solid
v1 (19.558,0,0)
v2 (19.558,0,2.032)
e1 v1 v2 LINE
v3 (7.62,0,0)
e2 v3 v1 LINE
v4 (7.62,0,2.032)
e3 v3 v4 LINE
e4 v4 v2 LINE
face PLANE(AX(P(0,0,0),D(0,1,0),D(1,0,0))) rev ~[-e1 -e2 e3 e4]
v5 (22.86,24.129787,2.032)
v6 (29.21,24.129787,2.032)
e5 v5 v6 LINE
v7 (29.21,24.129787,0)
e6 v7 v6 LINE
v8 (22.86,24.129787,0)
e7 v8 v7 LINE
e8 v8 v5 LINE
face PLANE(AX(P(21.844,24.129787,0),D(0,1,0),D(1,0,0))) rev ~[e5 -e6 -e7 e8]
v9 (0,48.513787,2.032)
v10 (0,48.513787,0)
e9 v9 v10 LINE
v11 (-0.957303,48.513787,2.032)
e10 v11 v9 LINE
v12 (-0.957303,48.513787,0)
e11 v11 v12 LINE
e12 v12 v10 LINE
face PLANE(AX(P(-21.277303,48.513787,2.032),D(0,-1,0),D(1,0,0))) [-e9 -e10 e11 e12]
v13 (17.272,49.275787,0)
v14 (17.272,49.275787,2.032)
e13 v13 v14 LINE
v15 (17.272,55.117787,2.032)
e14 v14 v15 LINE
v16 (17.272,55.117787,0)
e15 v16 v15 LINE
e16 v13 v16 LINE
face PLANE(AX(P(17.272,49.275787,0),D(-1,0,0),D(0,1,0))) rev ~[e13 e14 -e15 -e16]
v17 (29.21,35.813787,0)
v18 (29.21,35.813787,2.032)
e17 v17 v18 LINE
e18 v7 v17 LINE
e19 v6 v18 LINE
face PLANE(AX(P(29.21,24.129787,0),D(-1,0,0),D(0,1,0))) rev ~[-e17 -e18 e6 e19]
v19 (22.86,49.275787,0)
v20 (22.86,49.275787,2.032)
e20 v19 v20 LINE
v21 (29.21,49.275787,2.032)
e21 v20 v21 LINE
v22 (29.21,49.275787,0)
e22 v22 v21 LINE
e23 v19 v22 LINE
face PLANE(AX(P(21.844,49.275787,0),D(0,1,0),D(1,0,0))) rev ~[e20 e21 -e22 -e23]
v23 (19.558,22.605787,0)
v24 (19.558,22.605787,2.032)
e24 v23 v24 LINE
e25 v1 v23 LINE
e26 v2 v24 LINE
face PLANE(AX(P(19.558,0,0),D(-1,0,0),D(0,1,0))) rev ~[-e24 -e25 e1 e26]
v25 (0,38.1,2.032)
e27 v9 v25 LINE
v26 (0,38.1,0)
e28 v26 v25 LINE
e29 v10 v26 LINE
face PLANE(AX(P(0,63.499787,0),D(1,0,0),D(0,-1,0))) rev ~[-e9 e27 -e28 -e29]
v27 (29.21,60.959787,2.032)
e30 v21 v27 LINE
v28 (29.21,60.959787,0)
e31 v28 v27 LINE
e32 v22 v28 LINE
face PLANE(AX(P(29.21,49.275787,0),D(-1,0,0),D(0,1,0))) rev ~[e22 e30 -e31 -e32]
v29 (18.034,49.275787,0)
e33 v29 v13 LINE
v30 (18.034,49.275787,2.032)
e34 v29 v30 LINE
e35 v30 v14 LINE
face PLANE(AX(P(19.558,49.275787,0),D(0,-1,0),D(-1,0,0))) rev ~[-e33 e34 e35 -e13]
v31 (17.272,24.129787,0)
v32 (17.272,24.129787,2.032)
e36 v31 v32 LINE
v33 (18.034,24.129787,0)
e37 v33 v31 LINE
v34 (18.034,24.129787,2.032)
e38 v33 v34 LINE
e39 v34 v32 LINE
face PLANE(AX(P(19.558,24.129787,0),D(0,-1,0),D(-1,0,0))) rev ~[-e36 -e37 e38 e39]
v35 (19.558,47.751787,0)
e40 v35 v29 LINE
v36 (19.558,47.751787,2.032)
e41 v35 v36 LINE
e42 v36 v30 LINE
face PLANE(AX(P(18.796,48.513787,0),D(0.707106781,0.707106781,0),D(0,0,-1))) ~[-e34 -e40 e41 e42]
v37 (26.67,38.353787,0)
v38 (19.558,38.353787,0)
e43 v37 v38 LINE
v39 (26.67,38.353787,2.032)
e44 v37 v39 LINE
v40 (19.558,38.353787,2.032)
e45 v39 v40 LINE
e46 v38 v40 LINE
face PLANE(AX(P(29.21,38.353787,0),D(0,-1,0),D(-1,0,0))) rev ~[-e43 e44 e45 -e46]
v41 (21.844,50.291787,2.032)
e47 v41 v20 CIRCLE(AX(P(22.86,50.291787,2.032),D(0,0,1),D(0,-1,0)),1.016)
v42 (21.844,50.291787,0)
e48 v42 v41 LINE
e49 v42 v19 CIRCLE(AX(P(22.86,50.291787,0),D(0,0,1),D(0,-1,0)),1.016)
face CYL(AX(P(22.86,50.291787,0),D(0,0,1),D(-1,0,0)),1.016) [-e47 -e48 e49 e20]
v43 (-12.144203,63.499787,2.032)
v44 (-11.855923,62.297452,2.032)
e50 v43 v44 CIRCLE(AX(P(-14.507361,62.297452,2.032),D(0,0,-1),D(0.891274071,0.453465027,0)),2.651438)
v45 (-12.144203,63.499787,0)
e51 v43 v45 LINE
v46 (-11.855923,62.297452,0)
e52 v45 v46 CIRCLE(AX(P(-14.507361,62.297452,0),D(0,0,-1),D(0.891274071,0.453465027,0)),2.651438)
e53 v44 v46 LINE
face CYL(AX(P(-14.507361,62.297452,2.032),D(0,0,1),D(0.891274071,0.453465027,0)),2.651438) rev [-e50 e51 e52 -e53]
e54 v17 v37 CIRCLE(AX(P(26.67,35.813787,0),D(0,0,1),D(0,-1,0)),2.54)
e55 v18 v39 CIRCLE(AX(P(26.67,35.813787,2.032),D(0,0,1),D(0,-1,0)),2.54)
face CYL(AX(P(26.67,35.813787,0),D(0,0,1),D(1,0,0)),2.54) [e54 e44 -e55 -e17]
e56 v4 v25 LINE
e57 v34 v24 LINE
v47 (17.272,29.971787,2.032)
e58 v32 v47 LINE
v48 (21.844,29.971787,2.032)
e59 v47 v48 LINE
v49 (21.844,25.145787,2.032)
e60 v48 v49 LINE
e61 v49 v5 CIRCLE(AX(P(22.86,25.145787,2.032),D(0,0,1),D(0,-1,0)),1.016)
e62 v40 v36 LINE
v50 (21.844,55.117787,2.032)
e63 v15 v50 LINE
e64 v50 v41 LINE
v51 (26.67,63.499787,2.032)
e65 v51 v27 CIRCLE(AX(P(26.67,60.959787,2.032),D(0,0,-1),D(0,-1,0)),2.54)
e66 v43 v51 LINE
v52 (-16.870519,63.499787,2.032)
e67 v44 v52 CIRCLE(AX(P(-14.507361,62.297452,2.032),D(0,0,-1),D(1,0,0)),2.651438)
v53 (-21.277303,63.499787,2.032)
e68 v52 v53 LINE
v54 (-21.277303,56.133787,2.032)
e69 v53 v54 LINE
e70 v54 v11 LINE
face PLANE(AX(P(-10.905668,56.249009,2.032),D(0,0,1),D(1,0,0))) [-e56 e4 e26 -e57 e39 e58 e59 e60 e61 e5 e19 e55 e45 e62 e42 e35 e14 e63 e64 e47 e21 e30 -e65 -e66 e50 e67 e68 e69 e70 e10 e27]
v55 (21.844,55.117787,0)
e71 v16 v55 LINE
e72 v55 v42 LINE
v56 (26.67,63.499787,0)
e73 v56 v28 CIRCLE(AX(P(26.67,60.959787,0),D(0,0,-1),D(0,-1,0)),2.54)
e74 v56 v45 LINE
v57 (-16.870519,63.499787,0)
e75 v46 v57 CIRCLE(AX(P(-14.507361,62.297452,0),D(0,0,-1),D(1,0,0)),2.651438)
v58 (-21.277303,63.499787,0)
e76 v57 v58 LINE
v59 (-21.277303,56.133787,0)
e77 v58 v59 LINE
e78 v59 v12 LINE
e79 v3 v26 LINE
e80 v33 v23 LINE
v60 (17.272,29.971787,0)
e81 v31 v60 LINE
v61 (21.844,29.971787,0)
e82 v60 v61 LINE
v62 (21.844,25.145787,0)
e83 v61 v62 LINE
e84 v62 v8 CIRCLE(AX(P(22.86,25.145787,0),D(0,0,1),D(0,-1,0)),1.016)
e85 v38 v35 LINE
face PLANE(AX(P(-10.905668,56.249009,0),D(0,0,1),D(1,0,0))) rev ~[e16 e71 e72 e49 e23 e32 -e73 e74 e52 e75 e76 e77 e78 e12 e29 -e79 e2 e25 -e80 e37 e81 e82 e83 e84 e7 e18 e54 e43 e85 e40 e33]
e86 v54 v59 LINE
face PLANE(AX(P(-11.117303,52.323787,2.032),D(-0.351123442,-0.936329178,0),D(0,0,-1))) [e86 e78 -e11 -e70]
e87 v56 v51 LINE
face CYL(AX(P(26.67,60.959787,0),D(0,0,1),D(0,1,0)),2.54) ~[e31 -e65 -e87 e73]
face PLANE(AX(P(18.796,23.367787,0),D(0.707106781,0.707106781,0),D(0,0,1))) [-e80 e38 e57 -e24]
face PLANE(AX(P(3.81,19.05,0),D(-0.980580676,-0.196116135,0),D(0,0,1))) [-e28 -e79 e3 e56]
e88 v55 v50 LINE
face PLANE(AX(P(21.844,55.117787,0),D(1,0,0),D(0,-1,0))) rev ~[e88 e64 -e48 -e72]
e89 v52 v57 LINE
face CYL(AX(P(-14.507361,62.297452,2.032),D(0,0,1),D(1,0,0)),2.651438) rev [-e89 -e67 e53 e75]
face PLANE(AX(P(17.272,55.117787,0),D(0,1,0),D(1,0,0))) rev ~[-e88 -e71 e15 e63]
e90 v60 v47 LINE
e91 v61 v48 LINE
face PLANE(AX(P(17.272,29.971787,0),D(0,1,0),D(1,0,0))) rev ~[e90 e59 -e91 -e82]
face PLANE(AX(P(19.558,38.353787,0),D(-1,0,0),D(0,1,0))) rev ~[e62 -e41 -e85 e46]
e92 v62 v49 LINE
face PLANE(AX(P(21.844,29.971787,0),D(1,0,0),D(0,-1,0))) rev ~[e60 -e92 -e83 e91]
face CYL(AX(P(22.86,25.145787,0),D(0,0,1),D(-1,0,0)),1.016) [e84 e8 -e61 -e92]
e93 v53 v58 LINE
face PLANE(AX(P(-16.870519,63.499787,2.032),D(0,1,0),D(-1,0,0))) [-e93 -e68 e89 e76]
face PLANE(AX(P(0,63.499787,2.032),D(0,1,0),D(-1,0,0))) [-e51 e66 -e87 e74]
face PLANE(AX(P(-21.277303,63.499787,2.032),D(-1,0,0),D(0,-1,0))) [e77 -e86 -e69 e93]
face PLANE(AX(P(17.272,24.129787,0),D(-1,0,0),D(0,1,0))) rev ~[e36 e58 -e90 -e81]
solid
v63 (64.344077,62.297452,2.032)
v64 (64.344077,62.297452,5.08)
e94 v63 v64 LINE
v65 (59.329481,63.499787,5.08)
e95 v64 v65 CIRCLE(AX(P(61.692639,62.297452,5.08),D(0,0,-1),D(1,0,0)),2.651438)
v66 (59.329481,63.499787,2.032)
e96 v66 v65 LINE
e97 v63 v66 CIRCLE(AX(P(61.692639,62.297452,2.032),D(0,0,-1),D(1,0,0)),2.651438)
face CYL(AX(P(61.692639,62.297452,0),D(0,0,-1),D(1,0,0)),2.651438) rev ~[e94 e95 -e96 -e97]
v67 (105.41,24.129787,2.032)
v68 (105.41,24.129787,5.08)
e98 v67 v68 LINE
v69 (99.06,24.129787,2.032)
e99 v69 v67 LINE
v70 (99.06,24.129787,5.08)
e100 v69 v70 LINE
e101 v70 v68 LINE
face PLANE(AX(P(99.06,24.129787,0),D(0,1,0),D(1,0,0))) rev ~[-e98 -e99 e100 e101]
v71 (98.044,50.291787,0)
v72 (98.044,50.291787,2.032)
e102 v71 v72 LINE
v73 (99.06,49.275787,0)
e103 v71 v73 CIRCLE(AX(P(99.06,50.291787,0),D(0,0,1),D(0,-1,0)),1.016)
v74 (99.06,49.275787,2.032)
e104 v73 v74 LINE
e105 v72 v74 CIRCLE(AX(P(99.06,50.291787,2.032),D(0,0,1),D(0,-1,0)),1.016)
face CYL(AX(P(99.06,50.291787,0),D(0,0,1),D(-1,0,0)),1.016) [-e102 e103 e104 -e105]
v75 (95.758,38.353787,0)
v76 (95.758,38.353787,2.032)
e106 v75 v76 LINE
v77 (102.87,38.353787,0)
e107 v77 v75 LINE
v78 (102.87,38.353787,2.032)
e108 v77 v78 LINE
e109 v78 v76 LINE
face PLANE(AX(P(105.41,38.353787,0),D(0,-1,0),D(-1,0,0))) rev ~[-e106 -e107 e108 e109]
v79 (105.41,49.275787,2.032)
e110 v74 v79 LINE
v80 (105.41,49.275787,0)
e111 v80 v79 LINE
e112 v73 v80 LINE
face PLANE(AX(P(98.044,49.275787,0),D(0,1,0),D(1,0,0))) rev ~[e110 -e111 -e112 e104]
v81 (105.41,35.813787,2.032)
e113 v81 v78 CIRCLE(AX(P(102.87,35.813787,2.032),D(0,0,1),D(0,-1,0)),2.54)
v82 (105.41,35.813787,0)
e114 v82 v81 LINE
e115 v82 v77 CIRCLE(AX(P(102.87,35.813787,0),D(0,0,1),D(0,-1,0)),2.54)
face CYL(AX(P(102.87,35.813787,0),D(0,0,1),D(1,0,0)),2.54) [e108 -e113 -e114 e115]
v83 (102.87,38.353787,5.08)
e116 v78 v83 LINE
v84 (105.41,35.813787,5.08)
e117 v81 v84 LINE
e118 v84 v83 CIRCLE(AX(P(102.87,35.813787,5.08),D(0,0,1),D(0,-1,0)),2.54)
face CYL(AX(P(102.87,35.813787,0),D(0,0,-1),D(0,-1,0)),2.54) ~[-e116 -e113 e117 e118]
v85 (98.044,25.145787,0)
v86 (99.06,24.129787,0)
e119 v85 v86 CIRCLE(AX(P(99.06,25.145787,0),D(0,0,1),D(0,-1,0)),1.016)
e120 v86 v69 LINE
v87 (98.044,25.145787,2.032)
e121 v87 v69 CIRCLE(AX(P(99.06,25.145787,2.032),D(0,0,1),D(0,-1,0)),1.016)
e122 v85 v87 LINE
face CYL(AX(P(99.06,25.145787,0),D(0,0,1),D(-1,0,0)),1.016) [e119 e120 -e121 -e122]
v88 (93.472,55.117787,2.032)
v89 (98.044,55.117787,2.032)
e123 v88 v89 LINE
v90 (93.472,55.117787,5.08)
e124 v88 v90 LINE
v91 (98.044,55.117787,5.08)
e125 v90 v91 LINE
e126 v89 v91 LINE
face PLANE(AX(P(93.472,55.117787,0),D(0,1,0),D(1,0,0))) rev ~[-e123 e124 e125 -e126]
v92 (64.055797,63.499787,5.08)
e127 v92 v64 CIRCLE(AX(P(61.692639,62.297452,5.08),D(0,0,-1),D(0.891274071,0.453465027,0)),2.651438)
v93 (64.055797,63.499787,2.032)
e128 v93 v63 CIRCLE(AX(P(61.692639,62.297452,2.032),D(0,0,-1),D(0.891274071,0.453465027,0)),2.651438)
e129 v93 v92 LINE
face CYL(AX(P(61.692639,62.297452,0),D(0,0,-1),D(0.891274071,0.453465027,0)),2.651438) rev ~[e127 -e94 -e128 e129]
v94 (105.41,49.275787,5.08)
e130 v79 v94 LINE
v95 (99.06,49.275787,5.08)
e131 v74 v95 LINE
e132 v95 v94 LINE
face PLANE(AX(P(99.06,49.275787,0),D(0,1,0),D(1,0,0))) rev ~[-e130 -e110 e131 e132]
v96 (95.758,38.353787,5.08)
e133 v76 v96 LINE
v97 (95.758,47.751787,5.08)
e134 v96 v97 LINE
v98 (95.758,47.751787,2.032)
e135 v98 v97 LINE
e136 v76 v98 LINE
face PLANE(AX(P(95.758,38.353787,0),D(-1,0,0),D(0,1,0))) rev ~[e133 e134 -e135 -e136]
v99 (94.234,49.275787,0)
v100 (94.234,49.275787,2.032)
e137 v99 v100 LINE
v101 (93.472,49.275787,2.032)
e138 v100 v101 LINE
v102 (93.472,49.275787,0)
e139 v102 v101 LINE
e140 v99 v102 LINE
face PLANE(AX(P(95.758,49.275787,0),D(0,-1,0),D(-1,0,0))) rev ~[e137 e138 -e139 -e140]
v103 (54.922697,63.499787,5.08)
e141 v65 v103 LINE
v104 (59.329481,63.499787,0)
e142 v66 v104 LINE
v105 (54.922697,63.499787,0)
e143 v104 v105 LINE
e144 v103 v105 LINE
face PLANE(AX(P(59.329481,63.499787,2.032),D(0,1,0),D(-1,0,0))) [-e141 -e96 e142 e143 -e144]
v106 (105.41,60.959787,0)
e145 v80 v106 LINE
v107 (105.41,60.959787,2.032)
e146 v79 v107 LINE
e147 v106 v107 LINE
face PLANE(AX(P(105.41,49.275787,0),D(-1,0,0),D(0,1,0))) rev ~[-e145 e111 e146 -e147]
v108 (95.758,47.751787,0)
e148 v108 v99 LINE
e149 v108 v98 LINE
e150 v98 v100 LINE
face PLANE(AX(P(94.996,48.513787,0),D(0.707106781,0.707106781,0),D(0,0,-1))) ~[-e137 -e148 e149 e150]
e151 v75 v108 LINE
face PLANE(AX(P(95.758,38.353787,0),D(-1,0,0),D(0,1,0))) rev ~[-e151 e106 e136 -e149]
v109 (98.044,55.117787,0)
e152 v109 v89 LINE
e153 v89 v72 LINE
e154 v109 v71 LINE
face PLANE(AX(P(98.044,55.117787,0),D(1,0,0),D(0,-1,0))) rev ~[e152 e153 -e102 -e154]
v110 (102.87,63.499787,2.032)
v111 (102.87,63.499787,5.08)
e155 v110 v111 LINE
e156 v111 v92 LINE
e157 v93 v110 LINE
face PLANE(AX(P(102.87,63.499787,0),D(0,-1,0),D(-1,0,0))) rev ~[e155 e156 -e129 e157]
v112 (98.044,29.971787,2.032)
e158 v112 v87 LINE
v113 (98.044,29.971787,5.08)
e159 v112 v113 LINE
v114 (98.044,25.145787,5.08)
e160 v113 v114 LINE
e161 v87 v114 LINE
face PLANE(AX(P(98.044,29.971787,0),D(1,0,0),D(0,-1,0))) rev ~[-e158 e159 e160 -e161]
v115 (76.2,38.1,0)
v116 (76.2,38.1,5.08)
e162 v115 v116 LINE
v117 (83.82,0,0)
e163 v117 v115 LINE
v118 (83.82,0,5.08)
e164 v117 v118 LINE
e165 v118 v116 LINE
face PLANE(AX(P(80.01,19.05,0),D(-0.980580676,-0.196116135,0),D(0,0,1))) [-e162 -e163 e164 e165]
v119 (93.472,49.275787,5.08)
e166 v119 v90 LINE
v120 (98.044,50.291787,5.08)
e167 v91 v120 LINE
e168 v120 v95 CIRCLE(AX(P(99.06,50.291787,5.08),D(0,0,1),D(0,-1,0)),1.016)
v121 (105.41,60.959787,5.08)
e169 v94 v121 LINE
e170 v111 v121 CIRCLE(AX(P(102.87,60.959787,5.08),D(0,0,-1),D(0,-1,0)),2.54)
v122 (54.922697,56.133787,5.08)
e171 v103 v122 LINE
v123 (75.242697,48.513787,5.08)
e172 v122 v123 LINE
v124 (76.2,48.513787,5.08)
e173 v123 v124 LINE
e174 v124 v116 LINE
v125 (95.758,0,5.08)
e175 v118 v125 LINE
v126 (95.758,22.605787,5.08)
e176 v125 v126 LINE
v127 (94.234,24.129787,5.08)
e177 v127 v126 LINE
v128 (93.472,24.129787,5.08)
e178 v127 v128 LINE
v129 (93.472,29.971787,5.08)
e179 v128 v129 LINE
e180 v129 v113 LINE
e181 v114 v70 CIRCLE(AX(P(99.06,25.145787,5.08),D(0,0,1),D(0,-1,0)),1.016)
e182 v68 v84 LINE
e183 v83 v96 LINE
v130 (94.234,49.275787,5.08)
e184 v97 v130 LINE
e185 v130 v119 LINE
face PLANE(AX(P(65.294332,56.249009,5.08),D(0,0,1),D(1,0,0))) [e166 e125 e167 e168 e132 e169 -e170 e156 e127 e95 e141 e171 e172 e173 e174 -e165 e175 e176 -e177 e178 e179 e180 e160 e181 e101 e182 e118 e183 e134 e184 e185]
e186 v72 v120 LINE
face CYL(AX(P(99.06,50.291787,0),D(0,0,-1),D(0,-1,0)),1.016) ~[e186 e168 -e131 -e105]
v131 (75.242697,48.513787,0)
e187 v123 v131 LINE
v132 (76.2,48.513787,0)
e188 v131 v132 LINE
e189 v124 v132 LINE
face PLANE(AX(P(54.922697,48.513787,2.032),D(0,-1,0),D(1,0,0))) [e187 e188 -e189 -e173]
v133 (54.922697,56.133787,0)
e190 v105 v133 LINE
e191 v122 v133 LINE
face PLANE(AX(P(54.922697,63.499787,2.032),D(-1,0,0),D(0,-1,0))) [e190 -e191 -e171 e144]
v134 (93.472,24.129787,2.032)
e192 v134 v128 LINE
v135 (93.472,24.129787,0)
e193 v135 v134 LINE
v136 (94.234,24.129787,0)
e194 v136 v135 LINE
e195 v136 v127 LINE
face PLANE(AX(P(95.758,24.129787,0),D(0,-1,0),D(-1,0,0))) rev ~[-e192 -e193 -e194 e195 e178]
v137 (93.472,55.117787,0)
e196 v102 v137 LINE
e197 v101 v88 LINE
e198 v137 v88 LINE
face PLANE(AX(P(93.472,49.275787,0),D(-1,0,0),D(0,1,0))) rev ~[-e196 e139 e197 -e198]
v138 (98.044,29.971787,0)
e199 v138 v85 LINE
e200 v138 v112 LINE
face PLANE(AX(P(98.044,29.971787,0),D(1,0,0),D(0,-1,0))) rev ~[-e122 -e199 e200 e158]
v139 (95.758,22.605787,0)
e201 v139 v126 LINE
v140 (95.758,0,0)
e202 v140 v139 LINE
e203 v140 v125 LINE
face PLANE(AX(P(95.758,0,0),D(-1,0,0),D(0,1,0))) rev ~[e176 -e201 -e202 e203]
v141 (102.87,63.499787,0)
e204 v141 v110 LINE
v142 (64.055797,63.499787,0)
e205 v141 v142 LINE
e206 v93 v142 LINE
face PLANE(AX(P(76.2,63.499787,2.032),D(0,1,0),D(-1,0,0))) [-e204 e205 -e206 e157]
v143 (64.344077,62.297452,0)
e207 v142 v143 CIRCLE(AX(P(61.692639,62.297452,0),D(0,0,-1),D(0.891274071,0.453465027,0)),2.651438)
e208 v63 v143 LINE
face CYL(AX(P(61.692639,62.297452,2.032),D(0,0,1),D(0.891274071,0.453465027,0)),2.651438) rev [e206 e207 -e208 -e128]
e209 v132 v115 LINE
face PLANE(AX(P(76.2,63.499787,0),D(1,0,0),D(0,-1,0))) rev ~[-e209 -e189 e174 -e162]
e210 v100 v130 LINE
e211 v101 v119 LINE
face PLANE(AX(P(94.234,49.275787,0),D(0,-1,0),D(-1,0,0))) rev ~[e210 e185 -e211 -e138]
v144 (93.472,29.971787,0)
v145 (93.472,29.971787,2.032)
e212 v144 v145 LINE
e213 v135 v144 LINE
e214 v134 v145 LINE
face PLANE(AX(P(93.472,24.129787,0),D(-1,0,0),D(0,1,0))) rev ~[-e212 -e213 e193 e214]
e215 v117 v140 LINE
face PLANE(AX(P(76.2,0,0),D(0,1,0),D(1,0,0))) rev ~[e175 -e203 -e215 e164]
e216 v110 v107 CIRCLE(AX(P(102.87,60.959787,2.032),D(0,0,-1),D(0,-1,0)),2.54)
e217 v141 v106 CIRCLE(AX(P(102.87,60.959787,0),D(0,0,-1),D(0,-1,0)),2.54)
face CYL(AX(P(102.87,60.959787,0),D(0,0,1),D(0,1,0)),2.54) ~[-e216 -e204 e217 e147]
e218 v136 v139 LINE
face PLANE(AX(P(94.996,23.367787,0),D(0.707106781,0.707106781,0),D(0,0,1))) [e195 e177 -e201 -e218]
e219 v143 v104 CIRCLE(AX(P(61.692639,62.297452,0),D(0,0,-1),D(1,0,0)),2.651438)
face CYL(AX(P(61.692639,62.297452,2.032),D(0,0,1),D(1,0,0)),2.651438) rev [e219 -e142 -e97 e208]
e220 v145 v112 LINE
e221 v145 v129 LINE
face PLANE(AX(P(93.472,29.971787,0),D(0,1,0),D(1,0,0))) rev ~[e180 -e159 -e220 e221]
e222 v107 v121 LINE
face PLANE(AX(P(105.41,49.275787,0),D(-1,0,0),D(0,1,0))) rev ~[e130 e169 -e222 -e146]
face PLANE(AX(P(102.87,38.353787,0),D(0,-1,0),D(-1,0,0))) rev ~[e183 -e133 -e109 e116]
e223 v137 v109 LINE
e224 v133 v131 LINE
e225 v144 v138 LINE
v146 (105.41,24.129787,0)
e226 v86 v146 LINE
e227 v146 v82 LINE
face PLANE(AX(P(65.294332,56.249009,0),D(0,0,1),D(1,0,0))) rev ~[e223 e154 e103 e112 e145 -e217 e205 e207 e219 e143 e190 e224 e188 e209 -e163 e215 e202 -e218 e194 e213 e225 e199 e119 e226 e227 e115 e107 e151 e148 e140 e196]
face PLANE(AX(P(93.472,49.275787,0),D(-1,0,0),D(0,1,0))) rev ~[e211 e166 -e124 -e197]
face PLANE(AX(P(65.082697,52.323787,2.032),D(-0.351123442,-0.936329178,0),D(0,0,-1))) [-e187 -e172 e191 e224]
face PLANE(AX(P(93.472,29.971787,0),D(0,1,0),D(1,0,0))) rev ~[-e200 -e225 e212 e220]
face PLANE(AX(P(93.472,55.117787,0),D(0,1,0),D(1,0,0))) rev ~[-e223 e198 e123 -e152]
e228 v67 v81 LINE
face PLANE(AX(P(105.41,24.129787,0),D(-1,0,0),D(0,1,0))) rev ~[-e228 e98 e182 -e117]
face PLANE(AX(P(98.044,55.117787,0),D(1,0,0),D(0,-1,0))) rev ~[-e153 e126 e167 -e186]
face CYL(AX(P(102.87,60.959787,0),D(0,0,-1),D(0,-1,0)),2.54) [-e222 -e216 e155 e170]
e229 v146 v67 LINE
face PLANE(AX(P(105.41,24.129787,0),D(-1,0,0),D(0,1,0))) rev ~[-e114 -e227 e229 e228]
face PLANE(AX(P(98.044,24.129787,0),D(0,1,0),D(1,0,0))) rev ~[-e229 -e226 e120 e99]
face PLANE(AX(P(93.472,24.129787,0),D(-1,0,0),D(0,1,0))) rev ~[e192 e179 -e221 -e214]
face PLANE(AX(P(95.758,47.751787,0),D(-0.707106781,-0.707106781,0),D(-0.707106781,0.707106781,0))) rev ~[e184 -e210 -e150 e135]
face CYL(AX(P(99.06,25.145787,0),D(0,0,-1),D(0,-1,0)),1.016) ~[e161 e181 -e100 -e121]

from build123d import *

# Parameters (mm, degrees)
F1_DEPTH  = 2.032
F2_R      = 1.016
F3_SIZE   = 1.524
F4_R      = 2.54
F6_DEPTH  = 2.032
F7_SIZE2  = 20.32
F7_SIZE   = 7.62
F8_SIZE2  = 38.1
F8_SIZE   = 7.62
F10_DEPTH = 5.08


with BuildPart() as f1:
    # F0 (on Top) → F1 (new body)
    with BuildSketch(Plane.XY):
        Polygon((0, 63.4997866367), (0, 0), (19.558, 0), (19.558, 24.1297866367), (17.272, 24.1297866367), (17.272, 29.9717866367), (21.844, 29.9717866367), (21.844, 24.1297866367), (29.21, 24.1297866367), (29.21, 38.3537866367), (19.558, 38.3537866367), (19.558, 49.2757866367), (17.272, 49.2757866367), (17.272, 55.1177866367), (21.844, 55.1177866367), (21.844, 49.2757866367), (29.21, 49.2757866367), (29.21, 63.4997866367), align=None)
    extrude(amount=F1_DEPTH)

    # F2
    f2_edges = [f1.edges().sort_by_distance(p)[0] for p in [
        (21.844, 49.275787, 1.016),
        (21.844, 24.129787, 1.016),
    ]]
    fillet(f2_edges, radius=F2_R)

    # F3
    f3_edges = [f1.edges().sort_by_distance(p)[0] for p in [
        (19.558, 49.275787, 1.016),
        (19.558, 24.129787, 1.016),
    ]]
    chamfer(f3_edges, length=F3_SIZE)

    # F4
    f4_edges = [f1.edges().sort_by_distance(p)[0] for p in [
        (29.21, 38.353787, 1.016),
        (29.21, 63.499787, 1.016),
    ]]
    fillet(f4_edges, radius=F4_R)

    # F5 (on face) → F6 (join)
    with BuildSketch(Plane.XY.offset(2.032)):
        with BuildLine():
            Line((0, 48.5137866367), (0, 63.4997866367))
            Line((0, 63.4997866367), (-12.144202836, 63.4997866367))
            ThreePointArc((-12.144202836, 63.4997866367), (-11.9289998415, 62.9156579899), (-11.8559227776, 62.2974522412))
            ThreePointArc((-11.8559227776, 62.2974522412), (-15.1255665051, 59.7190913262), (-16.8705186768, 63.4997866367))
            Line((-16.8705186768, 63.4997866367), (-21.2773028761, 63.4997866367))
            Line((-21.2773028761, 63.4997866367), (-21.2773028761, 48.5137866367))
            Line((-21.2773028761, 48.5137866367), (0, 48.5137866367))
        make_face()
    extrude(amount=-F6_DEPTH)

    # F7
    f7_edges = [f1.edges().sort_by_distance(p)[0] for p in [
        (-21.277303, 48.513787, 1.016),
    ]]
    f7_side = f1.faces().sort_by_distance((-21.277303, 56.006787, 1.016))[0]
    chamfer(f7_edges, length=F7_SIZE, length2=F7_SIZE2, reference=f7_side)

    # F8
    f8_edges = [f1.edges().sort_by_distance(p)[0] for p in [
        (0, 0, 1.016),
    ]]
    f8_side = f1.faces().sort_by_distance((9.779, 0, 1.016))[0]
    chamfer(f8_edges, length=F8_SIZE, length2=F8_SIZE2, reference=f8_side)


with BuildPart() as f9_1:
    # F9: copy of F1
    add(f1.part.moved(Location((76.2, 0, 0))))

    # F10 (add): a face of the model
    f10_faces = [f9_1.faces().sort_by_distance(p)[0] for p in [
        (86.1394655393, 39.1146540643, 0),
    ]]
    extrude(f10_faces, amount=-F10_DEPTH)


solid = Compound([f1.part, f9_1.part])
